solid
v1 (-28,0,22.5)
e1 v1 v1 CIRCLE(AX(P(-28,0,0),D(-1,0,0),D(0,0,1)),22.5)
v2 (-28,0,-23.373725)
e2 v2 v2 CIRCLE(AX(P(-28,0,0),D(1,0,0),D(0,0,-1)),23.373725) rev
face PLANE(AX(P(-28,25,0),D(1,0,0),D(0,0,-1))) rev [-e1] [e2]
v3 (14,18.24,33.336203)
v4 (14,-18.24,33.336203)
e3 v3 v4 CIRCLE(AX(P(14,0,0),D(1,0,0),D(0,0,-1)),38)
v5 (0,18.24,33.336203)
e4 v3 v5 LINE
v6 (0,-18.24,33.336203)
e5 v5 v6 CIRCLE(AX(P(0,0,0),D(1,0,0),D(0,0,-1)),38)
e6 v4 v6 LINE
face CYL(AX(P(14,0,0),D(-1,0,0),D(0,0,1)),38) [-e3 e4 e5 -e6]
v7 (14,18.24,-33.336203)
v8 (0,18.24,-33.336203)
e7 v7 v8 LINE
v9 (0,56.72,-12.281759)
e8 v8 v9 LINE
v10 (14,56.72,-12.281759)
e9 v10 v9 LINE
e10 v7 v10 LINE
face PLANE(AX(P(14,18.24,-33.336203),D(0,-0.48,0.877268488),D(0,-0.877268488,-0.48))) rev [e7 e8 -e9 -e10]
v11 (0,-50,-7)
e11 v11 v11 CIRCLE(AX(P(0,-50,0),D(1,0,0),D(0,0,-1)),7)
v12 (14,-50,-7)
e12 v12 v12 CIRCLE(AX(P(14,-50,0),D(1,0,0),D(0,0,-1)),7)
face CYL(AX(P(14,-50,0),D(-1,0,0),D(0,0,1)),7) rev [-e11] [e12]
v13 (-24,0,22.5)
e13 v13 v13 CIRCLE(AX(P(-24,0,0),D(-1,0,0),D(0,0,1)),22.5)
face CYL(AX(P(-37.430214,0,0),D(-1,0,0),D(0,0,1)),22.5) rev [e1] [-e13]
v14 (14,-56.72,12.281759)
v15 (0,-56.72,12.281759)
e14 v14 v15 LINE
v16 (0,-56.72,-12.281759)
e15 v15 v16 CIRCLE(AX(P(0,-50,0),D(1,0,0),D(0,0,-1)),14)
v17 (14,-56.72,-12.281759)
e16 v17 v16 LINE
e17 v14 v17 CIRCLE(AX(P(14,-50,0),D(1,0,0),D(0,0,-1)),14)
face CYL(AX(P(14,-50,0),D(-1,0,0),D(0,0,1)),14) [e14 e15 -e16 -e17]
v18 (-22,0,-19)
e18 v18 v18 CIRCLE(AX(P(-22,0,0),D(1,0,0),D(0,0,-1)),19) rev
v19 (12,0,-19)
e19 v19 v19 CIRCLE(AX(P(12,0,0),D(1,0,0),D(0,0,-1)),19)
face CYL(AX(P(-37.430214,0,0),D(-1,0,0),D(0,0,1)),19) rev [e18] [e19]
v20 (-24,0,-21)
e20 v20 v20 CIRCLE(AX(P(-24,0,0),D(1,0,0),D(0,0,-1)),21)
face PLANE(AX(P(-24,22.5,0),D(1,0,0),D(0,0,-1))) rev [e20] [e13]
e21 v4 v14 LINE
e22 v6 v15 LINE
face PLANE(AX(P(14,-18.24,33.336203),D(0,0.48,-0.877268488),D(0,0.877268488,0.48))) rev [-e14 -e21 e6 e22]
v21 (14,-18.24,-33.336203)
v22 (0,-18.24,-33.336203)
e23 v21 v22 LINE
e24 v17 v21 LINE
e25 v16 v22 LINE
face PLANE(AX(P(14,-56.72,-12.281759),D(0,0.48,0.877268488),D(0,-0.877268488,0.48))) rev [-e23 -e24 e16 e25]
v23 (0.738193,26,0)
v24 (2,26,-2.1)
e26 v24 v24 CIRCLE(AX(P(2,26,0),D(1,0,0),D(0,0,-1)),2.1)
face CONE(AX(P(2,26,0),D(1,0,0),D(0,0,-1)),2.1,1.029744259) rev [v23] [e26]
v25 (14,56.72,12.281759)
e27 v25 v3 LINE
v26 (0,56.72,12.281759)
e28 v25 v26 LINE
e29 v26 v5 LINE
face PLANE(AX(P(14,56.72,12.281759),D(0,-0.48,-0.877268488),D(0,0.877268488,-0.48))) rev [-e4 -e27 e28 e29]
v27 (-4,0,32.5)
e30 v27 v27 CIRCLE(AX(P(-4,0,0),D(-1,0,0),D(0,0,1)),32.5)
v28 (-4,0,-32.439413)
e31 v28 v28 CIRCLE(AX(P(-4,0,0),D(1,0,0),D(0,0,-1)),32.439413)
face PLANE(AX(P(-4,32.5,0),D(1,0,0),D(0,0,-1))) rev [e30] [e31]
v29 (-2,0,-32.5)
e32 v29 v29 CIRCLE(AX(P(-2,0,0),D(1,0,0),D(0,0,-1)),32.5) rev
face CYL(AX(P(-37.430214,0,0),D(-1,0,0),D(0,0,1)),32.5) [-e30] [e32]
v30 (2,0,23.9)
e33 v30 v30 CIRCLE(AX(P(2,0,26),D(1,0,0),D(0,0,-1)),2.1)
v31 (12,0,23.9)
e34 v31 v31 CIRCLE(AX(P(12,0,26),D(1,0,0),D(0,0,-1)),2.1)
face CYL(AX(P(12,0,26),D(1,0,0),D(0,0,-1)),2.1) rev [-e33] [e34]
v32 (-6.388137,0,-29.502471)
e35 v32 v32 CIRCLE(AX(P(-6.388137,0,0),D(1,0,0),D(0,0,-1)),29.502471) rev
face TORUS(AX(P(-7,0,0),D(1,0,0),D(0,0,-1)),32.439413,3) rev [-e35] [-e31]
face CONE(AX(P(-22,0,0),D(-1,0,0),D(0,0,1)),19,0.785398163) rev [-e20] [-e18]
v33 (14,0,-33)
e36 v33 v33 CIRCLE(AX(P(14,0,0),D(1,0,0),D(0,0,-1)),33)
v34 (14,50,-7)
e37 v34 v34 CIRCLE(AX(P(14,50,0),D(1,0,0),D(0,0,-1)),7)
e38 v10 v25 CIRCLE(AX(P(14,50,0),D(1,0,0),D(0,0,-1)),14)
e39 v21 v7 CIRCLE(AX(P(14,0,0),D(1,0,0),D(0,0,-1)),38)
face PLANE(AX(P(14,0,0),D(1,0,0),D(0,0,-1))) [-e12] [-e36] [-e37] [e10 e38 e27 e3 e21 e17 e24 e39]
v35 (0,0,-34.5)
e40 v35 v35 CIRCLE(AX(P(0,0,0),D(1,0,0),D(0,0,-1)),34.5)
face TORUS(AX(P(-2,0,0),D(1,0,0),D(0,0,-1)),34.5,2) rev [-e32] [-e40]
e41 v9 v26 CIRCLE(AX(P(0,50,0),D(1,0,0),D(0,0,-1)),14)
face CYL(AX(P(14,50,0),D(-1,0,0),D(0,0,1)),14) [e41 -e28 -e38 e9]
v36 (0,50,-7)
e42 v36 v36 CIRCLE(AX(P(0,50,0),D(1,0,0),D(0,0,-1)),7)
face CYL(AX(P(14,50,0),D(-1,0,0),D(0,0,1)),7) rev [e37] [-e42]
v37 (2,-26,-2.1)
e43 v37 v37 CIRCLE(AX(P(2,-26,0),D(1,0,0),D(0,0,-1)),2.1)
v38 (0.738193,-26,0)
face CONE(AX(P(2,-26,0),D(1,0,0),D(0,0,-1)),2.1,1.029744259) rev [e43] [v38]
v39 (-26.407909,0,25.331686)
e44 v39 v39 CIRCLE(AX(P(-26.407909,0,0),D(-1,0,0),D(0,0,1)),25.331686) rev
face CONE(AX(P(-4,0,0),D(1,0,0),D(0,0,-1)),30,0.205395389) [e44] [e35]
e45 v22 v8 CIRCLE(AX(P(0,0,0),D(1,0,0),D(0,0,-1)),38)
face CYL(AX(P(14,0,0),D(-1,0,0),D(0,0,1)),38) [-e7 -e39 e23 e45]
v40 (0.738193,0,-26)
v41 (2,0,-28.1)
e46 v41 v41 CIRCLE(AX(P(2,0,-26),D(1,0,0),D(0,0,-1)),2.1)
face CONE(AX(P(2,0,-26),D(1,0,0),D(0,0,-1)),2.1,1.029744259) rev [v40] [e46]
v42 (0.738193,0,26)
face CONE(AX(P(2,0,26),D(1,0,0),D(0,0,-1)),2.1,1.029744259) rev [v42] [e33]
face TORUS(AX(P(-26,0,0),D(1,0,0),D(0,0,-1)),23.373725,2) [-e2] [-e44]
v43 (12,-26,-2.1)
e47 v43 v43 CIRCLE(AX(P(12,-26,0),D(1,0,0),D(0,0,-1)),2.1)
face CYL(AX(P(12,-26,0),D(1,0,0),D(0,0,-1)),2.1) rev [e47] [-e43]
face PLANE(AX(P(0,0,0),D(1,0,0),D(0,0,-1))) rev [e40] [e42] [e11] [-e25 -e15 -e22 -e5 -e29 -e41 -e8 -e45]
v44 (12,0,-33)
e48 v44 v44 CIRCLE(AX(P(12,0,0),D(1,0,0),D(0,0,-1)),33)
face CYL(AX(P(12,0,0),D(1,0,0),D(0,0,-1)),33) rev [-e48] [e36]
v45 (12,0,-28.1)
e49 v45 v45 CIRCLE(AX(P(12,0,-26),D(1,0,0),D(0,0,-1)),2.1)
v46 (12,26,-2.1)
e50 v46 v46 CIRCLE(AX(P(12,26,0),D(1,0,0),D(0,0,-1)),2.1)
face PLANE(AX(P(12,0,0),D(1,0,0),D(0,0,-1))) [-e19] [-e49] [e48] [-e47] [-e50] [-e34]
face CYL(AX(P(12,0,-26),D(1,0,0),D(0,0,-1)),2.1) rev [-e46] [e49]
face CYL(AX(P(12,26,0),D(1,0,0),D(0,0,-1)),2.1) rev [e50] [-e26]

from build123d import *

# Parameters (mm, degrees)
SKICA2_R                 = 19
SKICA2_R_2               = 7
P_IDAT_VYSUNUT_M1_DEPTH  = 14
ZAOBLIT1_R               = 3
SKICA3_R                 = 33
SKICA3_R_2               = 19
ODEBRAT_VYSUNUT_M1_DEPTH = 2
ZKOSEN_1_SIZE            = 2
ZAOBLIT2_R               = 2
KRUHOV_POLE1_COUNT       = 4


with BuildPart() as part:
    # Skica1 → Rotovat1 (revolve)
    with BuildSketch(Plane.XY, mode=Mode.PRIVATE) as rotovat1_sk:
        Polygon((0, 19), (0, 32.5), (-4, 32.5), (-4, 30), (-28, 25), (-28, 22.5), (-24, 22.5), (-24, 19), align=None)
    revolve(rotovat1_sk.sketch.rotate(Axis((-37.430213862, 0, 0), (1, 0, 0)), 90), axis=Axis((-37.430213862, 0, 0), (1, 0, 0)))

    # Skica2 → Přidat vysunutím1 (add)
    with BuildSketch(Plane(origin=(0, 0, 0), x_dir=(0, 0, -1), z_dir=(1, 0, 0))):
        with BuildLine():
            Line((-33.336202543, -18.24), (-12.281758832, -56.72))
            ThreePointArc((-12.281758832, -56.72), (0, -64), (12.281758832, -56.72))
            Line((12.281758832, -56.72), (33.336202543, -18.24))
            ThreePointArc((33.336202543, -18.24), (38, 0), (33.336202543, 18.24))
            Line((33.336202543, 18.24), (12.281758832, 56.72))
            ThreePointArc((12.281758832, 56.72), (0, 64), (-12.281758832, 56.72))
            Line((-12.281758832, 56.72), (-33.336202543, 18.24))
            ThreePointArc((-33.336202543, 18.24), (-38, 0), (-33.336202543, -18.24))
        make_face()
        with Locations(Location((0, 0, 0), (0, 0, 180))):
            Circle(SKICA2_R, mode=Mode.SUBTRACT)
        with Locations((0, 50)):
            Circle(SKICA2_R_2, mode=Mode.SUBTRACT)
        with Locations((0, -50)):
            Circle(SKICA2_R_2, mode=Mode.SUBTRACT)
    extrude(amount=P_IDAT_VYSUNUT_M1_DEPTH)

    # Zaoblit1
    zaoblit1_edges = [part.edges().sort_by_distance(p)[0] for p in [
        (-4, 0, -30),
    ]]
    fillet(zaoblit1_edges, radius=ZAOBLIT1_R)

    # Skica3 → Odebrat vysunutím1 (cut)
    with BuildSketch(Plane(origin=(14, 0, 0), x_dir=(0, 0, -1), z_dir=(1, 0, 0))):
        Circle(SKICA3_R)
        with Locations(Location((0, 0, 0), (0, 0, 180))):
            Circle(SKICA3_R_2, mode=Mode.SUBTRACT)
    extrude(amount=-ODEBRAT_VYSUNUT_M1_DEPTH, mode=Mode.SUBTRACT)

    # Zkosení1
    zkosen_1_edges = [part.edges().sort_by_distance(p)[0] for p in [
        (-24, 0, -19),
    ]]
    chamfer(zkosen_1_edges, length=ZKOSEN_1_SIZE)

    # Zaoblit2
    zaoblit2_edges = [part.edges().sort_by_distance(p)[0] for p in [
        (0, 0, -32.5),
        (-28, 0, -25),
    ]]
    fillet(zaoblit2_edges, radius=ZAOBLIT2_R)

    # Skica6 → M5 závit1 (revolve, cut)
    with BuildSketch(Plane(origin=(12, 0, 26), x_dir=(0, 0, -1), z_dir=(0, 1, 0))):
        Polygon((0, 0), (0, 11.2618073), (2.1, 10), (2.1, 0), align=None)
    m5_z_vit1 = revolve(axis=Axis((18.35, 0, 26), (-1, 0, 0)), mode=Mode.SUBTRACT)

    # Kruhové pole1: M5 závit1 ×4 about axis
    kruhov_pole1_axis = Axis((0, 0, 0), (1, 0, 0))
    for i in range(1, KRUHOV_POLE1_COUNT):
        add(m5_z_vit1.rotate(kruhov_pole1_axis, i * 360 / KRUHOV_POLE1_COUNT), mode=Mode.SUBTRACT)


solid = part.part
